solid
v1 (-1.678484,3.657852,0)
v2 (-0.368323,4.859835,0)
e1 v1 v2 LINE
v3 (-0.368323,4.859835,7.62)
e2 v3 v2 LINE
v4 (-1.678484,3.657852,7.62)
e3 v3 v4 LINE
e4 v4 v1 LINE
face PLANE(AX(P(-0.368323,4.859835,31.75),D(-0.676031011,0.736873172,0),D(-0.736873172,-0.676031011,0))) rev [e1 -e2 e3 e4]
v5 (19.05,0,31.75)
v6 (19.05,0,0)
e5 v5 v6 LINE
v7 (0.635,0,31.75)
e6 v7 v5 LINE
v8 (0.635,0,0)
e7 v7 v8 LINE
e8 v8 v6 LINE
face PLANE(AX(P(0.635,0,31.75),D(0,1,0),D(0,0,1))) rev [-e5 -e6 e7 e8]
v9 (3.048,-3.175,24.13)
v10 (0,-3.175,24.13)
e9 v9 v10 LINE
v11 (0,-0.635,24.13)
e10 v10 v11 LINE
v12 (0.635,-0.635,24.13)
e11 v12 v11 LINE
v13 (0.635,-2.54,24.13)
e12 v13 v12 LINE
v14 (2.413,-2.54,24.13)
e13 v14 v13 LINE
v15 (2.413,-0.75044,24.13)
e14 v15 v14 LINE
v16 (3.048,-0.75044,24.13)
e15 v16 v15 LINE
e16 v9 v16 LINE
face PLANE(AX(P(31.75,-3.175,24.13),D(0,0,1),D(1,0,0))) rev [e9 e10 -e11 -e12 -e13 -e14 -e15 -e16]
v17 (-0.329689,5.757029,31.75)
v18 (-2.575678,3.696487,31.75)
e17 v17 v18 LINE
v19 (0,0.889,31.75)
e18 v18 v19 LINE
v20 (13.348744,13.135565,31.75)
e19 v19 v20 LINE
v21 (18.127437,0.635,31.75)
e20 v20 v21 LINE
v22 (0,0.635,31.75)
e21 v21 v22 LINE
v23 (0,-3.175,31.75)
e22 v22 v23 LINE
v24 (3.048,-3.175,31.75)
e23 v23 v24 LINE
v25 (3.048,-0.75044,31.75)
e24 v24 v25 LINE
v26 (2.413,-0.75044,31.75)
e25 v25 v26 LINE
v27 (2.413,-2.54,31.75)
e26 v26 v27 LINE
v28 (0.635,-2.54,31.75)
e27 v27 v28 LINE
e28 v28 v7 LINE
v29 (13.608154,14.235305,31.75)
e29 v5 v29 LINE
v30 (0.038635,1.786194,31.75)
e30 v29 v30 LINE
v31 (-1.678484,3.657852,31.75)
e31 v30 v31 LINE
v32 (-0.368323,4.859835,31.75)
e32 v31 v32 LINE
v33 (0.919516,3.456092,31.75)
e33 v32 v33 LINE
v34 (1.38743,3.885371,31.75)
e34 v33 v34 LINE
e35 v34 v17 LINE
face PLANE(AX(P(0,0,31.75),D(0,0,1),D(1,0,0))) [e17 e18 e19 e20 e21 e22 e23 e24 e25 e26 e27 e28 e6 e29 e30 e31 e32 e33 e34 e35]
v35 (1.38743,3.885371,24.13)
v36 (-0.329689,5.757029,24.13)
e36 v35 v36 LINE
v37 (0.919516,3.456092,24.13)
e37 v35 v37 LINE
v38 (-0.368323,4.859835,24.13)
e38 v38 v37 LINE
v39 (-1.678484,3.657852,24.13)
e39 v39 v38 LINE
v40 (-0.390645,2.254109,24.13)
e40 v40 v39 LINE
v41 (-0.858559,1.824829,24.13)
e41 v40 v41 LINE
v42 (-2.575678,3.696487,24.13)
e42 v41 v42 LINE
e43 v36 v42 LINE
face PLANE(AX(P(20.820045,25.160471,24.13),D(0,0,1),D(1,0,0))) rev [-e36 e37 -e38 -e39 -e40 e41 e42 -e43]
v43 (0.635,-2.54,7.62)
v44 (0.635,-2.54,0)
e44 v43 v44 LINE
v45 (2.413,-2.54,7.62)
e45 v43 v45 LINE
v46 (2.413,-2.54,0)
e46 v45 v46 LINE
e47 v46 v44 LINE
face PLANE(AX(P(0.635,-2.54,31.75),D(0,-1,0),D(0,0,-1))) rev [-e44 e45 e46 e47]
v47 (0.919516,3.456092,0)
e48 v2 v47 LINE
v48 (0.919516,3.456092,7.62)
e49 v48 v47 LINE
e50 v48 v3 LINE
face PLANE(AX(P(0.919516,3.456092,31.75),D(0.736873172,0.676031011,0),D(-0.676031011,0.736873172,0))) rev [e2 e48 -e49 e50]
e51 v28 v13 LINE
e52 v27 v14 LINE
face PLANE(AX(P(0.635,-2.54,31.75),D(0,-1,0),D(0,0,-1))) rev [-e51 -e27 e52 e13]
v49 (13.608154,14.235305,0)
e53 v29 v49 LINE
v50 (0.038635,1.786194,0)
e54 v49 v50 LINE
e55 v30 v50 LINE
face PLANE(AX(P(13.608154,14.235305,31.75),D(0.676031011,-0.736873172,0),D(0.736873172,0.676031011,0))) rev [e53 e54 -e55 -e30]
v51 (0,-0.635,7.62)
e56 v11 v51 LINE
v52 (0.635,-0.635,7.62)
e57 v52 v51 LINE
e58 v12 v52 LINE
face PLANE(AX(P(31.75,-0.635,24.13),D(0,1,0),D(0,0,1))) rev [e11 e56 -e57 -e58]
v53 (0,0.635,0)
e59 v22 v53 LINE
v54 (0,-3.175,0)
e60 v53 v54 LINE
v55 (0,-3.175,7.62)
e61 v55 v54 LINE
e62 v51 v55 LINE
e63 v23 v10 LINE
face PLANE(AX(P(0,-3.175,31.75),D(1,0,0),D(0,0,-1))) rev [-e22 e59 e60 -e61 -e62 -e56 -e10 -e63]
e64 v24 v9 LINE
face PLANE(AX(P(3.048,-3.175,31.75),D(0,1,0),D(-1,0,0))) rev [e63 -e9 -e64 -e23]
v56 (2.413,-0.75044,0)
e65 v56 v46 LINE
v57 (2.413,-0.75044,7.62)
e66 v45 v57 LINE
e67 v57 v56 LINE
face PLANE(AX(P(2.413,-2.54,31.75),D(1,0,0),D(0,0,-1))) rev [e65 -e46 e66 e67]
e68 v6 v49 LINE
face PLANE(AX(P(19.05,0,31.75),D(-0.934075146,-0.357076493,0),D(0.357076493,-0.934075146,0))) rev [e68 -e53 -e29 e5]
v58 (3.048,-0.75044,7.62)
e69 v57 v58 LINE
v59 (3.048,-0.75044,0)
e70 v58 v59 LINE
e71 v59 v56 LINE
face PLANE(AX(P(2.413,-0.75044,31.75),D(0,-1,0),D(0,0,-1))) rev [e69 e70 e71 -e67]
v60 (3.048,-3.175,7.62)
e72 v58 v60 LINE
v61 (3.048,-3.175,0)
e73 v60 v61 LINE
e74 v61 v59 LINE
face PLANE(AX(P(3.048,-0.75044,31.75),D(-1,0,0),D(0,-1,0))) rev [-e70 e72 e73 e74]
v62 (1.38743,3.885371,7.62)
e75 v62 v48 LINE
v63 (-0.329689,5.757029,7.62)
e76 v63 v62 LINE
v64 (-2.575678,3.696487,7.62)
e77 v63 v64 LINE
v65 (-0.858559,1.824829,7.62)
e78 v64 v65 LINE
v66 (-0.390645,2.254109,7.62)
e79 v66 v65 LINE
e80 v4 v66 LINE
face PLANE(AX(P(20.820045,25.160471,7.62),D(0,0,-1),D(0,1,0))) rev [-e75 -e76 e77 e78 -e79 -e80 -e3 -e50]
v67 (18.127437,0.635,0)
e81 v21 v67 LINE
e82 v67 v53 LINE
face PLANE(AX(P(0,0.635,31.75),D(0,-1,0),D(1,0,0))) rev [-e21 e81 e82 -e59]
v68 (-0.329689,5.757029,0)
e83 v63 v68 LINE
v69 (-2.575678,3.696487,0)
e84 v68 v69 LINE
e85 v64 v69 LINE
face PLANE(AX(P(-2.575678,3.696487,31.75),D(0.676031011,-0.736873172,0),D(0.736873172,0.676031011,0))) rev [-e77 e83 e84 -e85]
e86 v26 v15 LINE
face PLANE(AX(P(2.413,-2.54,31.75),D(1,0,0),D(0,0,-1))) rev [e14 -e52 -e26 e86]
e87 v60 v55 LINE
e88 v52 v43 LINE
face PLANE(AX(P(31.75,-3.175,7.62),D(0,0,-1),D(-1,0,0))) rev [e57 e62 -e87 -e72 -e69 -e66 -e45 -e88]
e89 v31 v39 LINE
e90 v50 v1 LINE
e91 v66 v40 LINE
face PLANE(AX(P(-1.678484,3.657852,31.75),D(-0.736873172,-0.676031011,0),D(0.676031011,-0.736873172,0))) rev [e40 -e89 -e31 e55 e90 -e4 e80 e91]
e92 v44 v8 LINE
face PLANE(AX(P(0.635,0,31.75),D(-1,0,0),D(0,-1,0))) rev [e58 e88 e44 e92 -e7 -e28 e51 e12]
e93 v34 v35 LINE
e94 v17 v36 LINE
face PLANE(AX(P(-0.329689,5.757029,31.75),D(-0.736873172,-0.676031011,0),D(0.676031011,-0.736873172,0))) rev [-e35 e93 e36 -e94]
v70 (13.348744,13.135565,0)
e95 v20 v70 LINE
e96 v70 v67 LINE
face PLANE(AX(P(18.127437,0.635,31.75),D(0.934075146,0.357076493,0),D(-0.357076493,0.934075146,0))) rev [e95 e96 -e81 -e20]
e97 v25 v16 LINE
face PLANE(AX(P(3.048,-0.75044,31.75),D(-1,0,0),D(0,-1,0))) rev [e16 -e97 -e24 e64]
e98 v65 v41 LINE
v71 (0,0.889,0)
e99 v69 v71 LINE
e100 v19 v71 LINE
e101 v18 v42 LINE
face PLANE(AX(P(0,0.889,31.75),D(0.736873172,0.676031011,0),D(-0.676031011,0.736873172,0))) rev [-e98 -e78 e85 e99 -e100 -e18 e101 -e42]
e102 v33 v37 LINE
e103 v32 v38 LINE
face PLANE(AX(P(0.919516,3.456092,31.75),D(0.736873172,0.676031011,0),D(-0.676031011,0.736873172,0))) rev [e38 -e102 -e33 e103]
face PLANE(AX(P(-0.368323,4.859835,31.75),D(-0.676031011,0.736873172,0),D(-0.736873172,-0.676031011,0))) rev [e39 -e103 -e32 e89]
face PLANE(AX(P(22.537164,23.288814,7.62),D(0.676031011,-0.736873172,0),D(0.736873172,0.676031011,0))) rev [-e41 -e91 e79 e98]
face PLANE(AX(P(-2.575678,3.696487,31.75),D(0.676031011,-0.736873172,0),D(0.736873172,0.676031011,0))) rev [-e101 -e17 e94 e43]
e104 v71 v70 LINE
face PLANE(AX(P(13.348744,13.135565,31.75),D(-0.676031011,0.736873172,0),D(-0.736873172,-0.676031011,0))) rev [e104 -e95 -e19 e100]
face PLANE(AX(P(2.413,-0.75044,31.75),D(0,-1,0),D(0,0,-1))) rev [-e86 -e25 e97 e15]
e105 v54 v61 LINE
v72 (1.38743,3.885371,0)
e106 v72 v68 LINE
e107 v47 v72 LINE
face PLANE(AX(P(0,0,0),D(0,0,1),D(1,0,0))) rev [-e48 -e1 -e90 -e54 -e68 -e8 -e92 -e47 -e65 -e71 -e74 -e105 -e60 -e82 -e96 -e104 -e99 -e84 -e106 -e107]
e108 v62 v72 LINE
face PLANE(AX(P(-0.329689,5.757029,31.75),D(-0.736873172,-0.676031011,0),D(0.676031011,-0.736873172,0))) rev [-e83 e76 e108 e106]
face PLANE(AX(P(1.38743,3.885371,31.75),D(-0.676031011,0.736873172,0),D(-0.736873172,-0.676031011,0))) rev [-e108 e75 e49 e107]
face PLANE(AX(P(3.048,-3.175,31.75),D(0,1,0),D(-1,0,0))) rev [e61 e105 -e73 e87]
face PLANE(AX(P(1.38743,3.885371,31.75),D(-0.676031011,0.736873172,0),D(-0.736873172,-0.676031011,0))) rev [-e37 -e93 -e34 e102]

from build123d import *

# Parameters (mm, degrees)
BOSS_EXTRUDE1_DEPTH = 31.75
SKETCH2_W           = 16.51
SKETCH2_H           = 2.54
CUT_EXTRUDE1_DEPTH  = 31.75
SKETCH3_W           = 16.51
SKETCH3_H           = 2.54
CUT_EXTRUDE2_DEPTH  = 31.75


with BuildPart() as part:
    # Sketch1 → Boss-Extrude1 (new body)
    with BuildSketch(Plane.XY):
        Polygon((2.413, -2.54), (2.413, -0.750440267), (3.048, -0.750440267), (3.048, -3.175), (0, -3.175), (0, 0.635), (18.127436567, 0.635), (13.348744151, 13.135564727), (0, 0.889), (-2.575678152, 3.696486787), (-0.329688722, 5.757029308), (1.387430046, 3.88537145), (0.919515581, 3.456091758), (-0.368323494, 4.859835152), (-1.678483995, 3.657852015), (0.038634773, 1.786194156), (13.608154244, 14.235305222), (19.05, 0), (0.635, 0), (0.635, -2.54), align=None)
    extrude(amount=BOSS_EXTRUDE1_DEPTH)

    # Sketch2 → Cut-Extrude1 (cut)
    with BuildSketch(Plane(origin=(0.442854564, 0.406288938, 0), x_dir=(0, 0, 1), z_dir=(-0.7368731724730907, -0.676031010893319, 0))):
        with Locations((15.875, 3.19508025)):
            Rectangle(SKETCH2_W, SKETCH2_H)
    extrude(amount=-CUT_EXTRUDE1_DEPTH, mode=Mode.SUBTRACT)

    # Sketch3 → Cut-Extrude2 (cut)
    with BuildSketch(Plane.ZY):
        with Locations((15.875, -1.905)):
            Rectangle(SKETCH3_W, SKETCH3_H)
    extrude(amount=-CUT_EXTRUDE2_DEPTH, mode=Mode.SUBTRACT)


solid = part.part
